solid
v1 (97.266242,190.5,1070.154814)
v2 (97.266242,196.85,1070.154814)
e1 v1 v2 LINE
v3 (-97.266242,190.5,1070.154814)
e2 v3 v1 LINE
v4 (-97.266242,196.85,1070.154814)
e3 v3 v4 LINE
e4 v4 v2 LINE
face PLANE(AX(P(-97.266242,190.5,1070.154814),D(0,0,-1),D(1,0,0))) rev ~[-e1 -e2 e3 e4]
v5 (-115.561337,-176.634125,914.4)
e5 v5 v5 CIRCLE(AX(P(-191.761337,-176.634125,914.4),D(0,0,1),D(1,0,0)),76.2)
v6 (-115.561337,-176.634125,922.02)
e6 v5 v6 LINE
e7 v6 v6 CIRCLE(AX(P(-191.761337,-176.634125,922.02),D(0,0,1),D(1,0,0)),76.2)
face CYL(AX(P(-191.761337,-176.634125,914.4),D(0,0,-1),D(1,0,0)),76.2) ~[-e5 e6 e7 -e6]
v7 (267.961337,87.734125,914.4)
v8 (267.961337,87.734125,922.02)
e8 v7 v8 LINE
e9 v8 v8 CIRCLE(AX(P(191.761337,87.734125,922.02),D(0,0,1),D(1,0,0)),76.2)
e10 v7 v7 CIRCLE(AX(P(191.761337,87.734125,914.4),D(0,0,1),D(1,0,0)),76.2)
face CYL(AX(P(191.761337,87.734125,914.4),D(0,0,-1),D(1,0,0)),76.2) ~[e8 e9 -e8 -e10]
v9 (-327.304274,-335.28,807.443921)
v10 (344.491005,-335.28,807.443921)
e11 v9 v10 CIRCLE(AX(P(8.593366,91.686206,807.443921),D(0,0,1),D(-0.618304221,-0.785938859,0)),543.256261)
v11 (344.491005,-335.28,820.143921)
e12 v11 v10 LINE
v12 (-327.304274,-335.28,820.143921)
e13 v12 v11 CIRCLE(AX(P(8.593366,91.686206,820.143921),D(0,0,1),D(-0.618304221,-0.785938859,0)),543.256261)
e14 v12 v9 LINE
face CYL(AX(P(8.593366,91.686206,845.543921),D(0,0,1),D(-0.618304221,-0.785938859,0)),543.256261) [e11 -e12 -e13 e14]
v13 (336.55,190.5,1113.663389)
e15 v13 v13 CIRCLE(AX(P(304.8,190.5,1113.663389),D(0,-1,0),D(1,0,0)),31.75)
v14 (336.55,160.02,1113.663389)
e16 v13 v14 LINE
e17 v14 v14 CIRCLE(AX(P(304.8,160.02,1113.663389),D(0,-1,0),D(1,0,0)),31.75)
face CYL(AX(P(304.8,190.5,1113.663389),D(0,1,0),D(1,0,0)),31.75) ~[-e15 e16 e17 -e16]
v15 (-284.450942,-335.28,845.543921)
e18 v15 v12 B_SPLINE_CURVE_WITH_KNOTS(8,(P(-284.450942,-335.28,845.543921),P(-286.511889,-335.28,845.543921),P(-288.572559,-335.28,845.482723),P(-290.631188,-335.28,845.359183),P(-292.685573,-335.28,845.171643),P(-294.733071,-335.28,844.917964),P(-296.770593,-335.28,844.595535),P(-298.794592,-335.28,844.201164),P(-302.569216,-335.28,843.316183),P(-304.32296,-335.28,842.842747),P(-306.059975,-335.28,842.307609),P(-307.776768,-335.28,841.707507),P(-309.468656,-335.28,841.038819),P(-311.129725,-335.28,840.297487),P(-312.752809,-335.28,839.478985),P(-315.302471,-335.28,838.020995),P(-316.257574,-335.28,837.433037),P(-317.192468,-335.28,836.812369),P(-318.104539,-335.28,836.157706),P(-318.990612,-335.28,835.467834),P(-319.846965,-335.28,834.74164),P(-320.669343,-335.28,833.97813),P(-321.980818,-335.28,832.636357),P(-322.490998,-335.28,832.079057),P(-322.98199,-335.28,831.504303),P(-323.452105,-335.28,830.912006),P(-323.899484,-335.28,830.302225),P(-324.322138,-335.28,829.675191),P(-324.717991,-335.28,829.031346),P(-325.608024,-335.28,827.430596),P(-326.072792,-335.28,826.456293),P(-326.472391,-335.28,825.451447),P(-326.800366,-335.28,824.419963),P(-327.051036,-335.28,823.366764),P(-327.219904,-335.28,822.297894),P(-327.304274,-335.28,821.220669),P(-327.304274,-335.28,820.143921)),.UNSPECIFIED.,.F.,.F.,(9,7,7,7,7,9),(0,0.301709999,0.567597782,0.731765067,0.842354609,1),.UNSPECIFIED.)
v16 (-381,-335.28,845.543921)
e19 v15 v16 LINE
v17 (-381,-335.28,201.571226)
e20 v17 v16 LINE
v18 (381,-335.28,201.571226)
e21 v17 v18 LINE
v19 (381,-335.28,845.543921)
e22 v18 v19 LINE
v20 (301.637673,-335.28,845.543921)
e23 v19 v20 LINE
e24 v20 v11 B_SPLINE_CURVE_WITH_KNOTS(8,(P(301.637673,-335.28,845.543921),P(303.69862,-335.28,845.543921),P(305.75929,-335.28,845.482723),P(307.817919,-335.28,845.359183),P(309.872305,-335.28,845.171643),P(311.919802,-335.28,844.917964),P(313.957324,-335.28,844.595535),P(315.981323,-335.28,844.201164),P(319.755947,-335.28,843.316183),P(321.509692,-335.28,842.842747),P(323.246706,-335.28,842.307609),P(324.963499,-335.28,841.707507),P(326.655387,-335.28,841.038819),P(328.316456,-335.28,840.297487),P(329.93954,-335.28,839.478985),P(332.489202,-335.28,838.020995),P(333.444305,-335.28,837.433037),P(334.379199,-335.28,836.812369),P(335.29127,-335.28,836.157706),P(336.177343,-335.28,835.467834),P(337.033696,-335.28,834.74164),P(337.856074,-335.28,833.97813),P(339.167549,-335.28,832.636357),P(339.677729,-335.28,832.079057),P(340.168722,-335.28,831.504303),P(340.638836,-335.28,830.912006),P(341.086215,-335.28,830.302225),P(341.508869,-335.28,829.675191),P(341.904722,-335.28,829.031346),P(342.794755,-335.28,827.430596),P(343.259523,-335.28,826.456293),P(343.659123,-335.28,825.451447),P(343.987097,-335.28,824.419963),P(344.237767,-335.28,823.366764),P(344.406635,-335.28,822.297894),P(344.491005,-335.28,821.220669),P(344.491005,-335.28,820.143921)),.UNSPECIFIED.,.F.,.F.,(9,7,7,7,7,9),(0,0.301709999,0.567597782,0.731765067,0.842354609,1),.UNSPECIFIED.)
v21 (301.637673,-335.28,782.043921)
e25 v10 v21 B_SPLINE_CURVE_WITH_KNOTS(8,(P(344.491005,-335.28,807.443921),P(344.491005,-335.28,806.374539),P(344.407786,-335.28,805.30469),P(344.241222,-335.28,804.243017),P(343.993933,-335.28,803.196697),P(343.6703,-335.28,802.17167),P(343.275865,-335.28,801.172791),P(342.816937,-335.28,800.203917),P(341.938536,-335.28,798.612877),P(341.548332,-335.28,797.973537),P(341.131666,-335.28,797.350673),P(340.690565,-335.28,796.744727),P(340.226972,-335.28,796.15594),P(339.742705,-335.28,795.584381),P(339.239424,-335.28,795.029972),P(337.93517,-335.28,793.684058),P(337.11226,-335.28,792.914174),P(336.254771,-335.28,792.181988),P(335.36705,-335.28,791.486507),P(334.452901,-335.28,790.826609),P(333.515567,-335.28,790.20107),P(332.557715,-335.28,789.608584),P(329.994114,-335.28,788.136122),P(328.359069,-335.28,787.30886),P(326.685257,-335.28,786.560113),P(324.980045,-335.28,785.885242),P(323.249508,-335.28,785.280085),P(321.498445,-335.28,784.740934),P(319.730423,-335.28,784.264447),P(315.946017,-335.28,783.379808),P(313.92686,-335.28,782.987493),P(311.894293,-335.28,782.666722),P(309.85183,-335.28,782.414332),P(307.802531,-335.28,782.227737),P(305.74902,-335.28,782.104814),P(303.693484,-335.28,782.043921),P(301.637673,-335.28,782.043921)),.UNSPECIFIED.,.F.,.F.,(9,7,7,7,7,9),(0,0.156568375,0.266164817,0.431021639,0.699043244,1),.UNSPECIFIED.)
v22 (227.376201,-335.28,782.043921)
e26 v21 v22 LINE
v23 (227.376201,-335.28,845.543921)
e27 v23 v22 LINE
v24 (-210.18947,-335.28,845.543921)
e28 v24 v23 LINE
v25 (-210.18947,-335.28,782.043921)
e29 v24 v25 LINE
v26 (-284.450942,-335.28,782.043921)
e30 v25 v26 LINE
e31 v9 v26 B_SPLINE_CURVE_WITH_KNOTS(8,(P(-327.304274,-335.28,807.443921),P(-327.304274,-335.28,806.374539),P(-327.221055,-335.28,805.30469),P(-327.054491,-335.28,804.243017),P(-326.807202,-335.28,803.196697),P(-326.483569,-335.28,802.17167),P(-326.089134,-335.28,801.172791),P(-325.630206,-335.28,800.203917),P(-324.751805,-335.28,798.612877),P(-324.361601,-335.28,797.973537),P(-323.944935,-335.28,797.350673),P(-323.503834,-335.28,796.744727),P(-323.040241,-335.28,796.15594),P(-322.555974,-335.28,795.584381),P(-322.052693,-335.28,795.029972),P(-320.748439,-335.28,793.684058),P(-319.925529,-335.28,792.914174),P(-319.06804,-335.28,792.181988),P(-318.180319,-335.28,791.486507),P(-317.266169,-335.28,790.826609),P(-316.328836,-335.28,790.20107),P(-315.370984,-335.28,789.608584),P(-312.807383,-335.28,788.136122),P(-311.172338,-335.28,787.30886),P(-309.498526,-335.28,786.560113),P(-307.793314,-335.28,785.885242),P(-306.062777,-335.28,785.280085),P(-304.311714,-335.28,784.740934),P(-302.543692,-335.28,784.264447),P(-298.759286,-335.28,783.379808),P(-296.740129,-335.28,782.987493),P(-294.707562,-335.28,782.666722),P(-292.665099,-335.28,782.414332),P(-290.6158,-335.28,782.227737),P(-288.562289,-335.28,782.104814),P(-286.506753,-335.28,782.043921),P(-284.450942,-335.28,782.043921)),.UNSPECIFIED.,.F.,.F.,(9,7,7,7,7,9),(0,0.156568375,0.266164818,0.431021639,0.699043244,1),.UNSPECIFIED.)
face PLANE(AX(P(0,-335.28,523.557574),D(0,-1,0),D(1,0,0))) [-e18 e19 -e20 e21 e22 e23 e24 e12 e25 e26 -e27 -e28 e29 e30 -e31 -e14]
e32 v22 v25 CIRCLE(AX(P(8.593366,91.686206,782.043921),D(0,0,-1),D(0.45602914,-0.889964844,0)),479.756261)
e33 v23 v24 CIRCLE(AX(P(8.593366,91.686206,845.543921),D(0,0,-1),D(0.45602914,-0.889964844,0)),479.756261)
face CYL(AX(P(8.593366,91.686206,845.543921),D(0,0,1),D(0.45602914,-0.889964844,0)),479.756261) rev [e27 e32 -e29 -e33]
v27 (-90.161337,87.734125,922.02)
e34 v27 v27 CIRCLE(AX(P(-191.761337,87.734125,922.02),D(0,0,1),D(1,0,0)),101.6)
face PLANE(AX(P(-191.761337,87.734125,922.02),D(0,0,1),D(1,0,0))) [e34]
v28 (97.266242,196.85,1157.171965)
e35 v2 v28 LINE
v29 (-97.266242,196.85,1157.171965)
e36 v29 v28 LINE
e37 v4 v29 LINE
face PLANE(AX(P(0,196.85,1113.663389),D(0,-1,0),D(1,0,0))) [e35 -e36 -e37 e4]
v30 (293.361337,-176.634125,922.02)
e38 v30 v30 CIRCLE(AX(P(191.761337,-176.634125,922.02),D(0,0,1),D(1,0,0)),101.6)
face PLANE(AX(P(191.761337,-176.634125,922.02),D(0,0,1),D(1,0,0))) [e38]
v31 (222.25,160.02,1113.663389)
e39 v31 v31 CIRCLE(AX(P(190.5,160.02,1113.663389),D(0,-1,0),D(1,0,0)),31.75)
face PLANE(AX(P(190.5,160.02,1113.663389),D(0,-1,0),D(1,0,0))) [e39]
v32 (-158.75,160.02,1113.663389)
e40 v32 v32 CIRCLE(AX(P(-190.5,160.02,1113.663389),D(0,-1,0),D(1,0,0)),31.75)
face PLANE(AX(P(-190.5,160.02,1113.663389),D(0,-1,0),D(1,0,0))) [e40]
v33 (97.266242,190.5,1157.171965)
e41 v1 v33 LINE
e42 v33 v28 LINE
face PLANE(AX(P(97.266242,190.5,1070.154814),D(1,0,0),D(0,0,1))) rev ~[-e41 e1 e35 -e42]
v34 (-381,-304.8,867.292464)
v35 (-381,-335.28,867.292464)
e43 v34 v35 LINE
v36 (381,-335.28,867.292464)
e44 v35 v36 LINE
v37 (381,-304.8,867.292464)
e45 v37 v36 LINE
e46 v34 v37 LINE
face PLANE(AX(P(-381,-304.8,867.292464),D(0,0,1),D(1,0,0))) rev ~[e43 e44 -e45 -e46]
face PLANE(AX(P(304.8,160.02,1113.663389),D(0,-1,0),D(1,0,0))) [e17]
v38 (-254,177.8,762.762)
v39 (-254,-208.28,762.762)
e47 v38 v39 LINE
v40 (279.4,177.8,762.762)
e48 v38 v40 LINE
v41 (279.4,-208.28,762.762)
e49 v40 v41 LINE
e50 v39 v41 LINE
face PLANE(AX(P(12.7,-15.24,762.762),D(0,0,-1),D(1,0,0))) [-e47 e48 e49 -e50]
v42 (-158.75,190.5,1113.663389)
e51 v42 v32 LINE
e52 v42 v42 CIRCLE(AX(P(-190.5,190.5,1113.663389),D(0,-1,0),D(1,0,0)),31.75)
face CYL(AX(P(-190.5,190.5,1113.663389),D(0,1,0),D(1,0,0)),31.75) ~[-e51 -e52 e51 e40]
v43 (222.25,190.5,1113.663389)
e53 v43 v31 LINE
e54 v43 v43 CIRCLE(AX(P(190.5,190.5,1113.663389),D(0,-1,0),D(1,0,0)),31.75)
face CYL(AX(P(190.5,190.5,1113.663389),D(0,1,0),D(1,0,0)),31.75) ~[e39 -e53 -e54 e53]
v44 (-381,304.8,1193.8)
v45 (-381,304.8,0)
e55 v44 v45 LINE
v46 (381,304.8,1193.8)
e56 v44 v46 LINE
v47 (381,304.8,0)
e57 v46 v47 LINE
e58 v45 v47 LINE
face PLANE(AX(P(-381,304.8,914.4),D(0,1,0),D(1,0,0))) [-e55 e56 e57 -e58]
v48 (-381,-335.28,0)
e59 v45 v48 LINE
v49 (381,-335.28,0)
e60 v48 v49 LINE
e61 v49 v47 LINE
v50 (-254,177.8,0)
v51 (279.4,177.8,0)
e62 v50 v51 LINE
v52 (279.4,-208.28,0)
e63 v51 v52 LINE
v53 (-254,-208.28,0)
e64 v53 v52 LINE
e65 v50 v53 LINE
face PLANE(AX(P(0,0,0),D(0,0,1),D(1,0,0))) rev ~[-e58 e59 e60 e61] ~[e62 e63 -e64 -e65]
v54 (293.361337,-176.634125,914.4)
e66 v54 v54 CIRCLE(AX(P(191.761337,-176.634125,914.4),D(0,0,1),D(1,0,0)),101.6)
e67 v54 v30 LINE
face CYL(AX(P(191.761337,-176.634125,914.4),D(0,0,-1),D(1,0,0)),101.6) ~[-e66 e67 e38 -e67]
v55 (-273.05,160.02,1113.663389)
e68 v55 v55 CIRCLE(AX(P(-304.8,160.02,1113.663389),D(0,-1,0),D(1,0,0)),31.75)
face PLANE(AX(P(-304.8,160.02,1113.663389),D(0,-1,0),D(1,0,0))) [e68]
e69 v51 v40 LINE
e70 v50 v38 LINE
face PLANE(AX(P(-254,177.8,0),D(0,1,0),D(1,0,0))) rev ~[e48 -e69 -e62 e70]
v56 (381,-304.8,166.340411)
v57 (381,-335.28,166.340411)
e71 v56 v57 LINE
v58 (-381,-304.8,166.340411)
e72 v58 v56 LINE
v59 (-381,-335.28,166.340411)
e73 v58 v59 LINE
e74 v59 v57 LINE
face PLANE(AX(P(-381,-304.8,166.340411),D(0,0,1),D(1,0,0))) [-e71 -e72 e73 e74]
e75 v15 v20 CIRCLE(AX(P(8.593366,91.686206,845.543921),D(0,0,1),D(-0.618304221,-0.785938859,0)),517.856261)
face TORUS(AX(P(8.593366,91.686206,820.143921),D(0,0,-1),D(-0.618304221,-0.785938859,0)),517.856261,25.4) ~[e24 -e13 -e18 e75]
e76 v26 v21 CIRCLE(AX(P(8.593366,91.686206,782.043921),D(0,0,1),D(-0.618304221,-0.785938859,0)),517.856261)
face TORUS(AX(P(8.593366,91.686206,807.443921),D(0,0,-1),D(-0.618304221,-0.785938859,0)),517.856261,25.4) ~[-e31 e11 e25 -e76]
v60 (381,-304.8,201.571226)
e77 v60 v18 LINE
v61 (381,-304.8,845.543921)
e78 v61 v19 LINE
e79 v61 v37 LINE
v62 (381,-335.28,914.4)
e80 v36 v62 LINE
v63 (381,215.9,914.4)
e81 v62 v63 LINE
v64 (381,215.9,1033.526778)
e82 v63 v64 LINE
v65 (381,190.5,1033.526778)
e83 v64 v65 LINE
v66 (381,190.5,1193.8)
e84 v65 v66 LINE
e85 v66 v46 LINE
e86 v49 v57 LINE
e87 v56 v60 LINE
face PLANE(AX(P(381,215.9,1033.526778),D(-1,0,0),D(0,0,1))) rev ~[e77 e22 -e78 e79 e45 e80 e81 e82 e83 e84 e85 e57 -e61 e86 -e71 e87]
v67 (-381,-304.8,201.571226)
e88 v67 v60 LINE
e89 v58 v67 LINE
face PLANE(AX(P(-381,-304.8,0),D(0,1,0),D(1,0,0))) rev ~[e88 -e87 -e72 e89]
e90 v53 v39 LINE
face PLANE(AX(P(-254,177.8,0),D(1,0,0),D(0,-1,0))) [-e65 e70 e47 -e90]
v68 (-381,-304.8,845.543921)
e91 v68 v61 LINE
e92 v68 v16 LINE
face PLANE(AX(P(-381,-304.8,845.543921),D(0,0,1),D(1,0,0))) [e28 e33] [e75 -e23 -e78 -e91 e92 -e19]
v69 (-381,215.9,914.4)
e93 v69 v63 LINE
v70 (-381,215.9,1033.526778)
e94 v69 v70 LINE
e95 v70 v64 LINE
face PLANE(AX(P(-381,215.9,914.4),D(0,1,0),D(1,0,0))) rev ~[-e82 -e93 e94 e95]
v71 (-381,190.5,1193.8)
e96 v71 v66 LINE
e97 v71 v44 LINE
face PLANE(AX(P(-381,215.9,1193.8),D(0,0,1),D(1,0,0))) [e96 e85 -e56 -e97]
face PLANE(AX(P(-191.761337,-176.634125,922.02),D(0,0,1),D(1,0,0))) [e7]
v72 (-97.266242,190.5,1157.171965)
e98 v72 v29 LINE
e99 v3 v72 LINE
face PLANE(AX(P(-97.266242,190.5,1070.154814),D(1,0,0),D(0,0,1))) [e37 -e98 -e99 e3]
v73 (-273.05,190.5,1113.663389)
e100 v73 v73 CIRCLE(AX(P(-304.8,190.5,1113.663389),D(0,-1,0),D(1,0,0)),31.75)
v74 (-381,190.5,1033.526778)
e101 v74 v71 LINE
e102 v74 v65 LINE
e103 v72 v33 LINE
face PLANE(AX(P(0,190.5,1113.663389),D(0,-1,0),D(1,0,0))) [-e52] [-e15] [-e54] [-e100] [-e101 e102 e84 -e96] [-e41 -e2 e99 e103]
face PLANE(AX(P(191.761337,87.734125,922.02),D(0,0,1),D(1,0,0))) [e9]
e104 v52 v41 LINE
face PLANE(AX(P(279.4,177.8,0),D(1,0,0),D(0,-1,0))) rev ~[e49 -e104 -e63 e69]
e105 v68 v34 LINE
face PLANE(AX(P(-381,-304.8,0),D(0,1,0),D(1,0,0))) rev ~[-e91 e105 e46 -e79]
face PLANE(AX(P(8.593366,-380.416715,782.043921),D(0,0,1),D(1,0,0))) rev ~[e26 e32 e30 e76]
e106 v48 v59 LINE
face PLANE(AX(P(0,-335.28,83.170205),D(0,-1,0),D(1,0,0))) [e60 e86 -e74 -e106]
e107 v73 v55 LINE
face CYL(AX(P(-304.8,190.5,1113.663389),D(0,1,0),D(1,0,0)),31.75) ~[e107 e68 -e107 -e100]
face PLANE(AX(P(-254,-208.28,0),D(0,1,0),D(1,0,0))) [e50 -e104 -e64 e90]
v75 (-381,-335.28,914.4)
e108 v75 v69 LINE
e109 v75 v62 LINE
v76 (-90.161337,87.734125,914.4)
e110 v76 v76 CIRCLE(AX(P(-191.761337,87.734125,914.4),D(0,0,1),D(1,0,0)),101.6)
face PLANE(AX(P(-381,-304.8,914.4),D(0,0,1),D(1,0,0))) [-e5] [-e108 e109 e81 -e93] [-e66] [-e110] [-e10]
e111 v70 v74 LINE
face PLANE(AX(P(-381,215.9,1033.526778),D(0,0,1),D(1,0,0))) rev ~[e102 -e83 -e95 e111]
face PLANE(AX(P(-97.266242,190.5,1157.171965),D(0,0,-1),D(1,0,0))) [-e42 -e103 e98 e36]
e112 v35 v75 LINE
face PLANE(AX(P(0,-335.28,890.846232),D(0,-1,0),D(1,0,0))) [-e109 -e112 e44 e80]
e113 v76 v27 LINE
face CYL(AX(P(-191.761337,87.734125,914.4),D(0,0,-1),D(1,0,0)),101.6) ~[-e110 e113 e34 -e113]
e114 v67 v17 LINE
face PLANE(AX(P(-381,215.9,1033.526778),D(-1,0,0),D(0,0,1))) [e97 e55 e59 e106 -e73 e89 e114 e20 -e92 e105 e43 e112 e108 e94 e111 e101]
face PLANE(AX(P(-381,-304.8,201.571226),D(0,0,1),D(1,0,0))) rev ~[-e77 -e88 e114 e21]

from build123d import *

# Parameters (mm, degrees)
F0_W      = 762
F0_H      = 609.6
F1_DEPTH  = 914.4
F2_R      = 101.6
F2_R_2    = 76.2
F3_DEPTH  = 7.62
F2_W      = 762
F2_H      = 88.9
F4_DEPTH  = 279.4
F5_W      = 762
F5_H      = 47.1075362206
F5_H_2    = 643.9726948738
F5_H_3    = 166.3404107094
F6_DEPTH  = 30.48
F8_DEPTH  = 63.5
F9_R      = 25.4
F10_W     = 762
F10_H     = 160.2732217789
F11_DEPTH = 25.4
F12_R     = 31.75
F13_DEPTH = 30.48
F12_W     = 194.5324838161
F12_H     = 87.0171510696
F14_DEPTH = 6.35
F15_W     = 533.4
F15_H     = 386.08
F16_DEPTH = 762.762


with BuildPart() as f1:
    # F0 (on Top) → F1 (new body)
    with BuildSketch(Plane.XY):
        Rectangle(F0_W, F0_H)
    extrude(amount=F1_DEPTH)

    # F2 (on face) → F3 (join)
    with BuildSketch(Plane.XY.offset(914.4)):
        with Locations((-191.7613367384, 87.7341254172)):
            Circle(F2_R)
        with Locations((-191.7613367384, -176.6341254172)):
            Circle(F2_R_2)
        with Locations((191.7613367384, 87.7341254172)):
            Circle(F2_R_2)
        with Locations((191.7613367384, -176.6341254172)):
            Circle(F2_R)
    extrude(amount=F3_DEPTH)

    # F2 (on face) → F4 (join)
    with BuildSketch(Plane.XY.offset(914.4)):
        with Locations((0, 260.35)):
            Rectangle(F2_W, F2_H)
    extrude(amount=F4_DEPTH)

    # F5 (on face) → F6 (join)
    with BuildSketch(Plane.XZ.offset(304.8)):
        with Locations((0, 890.8462318897)):
            Rectangle(F5_W, F5_H)
        with Locations((0, 523.5575735569)):
            Rectangle(F5_W, F5_H_2)
        with Locations((0, 83.1702053547)):
            Rectangle(F5_W, F5_H_3)
    extrude(amount=F6_DEPTH)

    # F7 (on face) → F8 (join)
    with BuildSketch(Plane.XY.offset(845.5439209938)):
        with BuildLine():
            Line((-210.1894695859, -335.28), (-327.3042738438, -335.28))
            ThreePointArc((-327.3042738438, -335.28), (8.59336555, -451.5700550038), (344.4910049438, -335.28))
            Line((344.4910049438, -335.28), (227.376200686, -335.28))
            ThreePointArc((227.376200686, -335.28), (8.5933655501, -388.0700550038), (-210.1894695859, -335.28))
        make_face()
    extrude(amount=-F8_DEPTH)

    # F9
    f9_edges = [f1.edges().sort_by_distance(p)[0] for p in [
        (8.593366, -451.570055, 845.543921),
        (8.593366, -451.570055, 782.043921),
    ]]
    fillet(f9_edges, radius=F9_R)

    # F10 (on face) → F11 (join)
    with BuildSketch(Plane.XZ.offset(-215.9)):
        with Locations((0, 1113.6633891106)):
            Rectangle(F10_W, F10_H)
    extrude(amount=F11_DEPTH)

    # F12 (on face) → F13 (join)
    with BuildSketch(Plane.XZ.offset(-190.5)):
        with Locations((-304.8, 1113.6633891106)):
            Circle(F12_R)
        with Locations((-190.5, 1113.6633891106)):
            Circle(F12_R)
        with Locations((190.5, 1113.6633891106)):
            Circle(F12_R)
        with Locations((304.8, 1113.6633891106)):
            Circle(F12_R)
    extrude(amount=F13_DEPTH)

    # F12 (on face) → F14 (cut)
    with BuildSketch(Plane.XZ.offset(-190.5)):
        with Locations((0, 1113.6633891106)):
            Rectangle(F12_W, F12_H)
    extrude(amount=-F14_DEPTH, mode=Mode.SUBTRACT)

    # F15 (on face) → F16 (cut)
    with BuildSketch(Plane(origin=(0, 0, 0), x_dir=(1, 0, 0), z_dir=(0, 0, -1))):
        with Locations((12.7, 15.24)):
            Rectangle(F15_W, F15_H)
    extrude(amount=-F16_DEPTH, mode=Mode.SUBTRACT)


solid = f1.part
